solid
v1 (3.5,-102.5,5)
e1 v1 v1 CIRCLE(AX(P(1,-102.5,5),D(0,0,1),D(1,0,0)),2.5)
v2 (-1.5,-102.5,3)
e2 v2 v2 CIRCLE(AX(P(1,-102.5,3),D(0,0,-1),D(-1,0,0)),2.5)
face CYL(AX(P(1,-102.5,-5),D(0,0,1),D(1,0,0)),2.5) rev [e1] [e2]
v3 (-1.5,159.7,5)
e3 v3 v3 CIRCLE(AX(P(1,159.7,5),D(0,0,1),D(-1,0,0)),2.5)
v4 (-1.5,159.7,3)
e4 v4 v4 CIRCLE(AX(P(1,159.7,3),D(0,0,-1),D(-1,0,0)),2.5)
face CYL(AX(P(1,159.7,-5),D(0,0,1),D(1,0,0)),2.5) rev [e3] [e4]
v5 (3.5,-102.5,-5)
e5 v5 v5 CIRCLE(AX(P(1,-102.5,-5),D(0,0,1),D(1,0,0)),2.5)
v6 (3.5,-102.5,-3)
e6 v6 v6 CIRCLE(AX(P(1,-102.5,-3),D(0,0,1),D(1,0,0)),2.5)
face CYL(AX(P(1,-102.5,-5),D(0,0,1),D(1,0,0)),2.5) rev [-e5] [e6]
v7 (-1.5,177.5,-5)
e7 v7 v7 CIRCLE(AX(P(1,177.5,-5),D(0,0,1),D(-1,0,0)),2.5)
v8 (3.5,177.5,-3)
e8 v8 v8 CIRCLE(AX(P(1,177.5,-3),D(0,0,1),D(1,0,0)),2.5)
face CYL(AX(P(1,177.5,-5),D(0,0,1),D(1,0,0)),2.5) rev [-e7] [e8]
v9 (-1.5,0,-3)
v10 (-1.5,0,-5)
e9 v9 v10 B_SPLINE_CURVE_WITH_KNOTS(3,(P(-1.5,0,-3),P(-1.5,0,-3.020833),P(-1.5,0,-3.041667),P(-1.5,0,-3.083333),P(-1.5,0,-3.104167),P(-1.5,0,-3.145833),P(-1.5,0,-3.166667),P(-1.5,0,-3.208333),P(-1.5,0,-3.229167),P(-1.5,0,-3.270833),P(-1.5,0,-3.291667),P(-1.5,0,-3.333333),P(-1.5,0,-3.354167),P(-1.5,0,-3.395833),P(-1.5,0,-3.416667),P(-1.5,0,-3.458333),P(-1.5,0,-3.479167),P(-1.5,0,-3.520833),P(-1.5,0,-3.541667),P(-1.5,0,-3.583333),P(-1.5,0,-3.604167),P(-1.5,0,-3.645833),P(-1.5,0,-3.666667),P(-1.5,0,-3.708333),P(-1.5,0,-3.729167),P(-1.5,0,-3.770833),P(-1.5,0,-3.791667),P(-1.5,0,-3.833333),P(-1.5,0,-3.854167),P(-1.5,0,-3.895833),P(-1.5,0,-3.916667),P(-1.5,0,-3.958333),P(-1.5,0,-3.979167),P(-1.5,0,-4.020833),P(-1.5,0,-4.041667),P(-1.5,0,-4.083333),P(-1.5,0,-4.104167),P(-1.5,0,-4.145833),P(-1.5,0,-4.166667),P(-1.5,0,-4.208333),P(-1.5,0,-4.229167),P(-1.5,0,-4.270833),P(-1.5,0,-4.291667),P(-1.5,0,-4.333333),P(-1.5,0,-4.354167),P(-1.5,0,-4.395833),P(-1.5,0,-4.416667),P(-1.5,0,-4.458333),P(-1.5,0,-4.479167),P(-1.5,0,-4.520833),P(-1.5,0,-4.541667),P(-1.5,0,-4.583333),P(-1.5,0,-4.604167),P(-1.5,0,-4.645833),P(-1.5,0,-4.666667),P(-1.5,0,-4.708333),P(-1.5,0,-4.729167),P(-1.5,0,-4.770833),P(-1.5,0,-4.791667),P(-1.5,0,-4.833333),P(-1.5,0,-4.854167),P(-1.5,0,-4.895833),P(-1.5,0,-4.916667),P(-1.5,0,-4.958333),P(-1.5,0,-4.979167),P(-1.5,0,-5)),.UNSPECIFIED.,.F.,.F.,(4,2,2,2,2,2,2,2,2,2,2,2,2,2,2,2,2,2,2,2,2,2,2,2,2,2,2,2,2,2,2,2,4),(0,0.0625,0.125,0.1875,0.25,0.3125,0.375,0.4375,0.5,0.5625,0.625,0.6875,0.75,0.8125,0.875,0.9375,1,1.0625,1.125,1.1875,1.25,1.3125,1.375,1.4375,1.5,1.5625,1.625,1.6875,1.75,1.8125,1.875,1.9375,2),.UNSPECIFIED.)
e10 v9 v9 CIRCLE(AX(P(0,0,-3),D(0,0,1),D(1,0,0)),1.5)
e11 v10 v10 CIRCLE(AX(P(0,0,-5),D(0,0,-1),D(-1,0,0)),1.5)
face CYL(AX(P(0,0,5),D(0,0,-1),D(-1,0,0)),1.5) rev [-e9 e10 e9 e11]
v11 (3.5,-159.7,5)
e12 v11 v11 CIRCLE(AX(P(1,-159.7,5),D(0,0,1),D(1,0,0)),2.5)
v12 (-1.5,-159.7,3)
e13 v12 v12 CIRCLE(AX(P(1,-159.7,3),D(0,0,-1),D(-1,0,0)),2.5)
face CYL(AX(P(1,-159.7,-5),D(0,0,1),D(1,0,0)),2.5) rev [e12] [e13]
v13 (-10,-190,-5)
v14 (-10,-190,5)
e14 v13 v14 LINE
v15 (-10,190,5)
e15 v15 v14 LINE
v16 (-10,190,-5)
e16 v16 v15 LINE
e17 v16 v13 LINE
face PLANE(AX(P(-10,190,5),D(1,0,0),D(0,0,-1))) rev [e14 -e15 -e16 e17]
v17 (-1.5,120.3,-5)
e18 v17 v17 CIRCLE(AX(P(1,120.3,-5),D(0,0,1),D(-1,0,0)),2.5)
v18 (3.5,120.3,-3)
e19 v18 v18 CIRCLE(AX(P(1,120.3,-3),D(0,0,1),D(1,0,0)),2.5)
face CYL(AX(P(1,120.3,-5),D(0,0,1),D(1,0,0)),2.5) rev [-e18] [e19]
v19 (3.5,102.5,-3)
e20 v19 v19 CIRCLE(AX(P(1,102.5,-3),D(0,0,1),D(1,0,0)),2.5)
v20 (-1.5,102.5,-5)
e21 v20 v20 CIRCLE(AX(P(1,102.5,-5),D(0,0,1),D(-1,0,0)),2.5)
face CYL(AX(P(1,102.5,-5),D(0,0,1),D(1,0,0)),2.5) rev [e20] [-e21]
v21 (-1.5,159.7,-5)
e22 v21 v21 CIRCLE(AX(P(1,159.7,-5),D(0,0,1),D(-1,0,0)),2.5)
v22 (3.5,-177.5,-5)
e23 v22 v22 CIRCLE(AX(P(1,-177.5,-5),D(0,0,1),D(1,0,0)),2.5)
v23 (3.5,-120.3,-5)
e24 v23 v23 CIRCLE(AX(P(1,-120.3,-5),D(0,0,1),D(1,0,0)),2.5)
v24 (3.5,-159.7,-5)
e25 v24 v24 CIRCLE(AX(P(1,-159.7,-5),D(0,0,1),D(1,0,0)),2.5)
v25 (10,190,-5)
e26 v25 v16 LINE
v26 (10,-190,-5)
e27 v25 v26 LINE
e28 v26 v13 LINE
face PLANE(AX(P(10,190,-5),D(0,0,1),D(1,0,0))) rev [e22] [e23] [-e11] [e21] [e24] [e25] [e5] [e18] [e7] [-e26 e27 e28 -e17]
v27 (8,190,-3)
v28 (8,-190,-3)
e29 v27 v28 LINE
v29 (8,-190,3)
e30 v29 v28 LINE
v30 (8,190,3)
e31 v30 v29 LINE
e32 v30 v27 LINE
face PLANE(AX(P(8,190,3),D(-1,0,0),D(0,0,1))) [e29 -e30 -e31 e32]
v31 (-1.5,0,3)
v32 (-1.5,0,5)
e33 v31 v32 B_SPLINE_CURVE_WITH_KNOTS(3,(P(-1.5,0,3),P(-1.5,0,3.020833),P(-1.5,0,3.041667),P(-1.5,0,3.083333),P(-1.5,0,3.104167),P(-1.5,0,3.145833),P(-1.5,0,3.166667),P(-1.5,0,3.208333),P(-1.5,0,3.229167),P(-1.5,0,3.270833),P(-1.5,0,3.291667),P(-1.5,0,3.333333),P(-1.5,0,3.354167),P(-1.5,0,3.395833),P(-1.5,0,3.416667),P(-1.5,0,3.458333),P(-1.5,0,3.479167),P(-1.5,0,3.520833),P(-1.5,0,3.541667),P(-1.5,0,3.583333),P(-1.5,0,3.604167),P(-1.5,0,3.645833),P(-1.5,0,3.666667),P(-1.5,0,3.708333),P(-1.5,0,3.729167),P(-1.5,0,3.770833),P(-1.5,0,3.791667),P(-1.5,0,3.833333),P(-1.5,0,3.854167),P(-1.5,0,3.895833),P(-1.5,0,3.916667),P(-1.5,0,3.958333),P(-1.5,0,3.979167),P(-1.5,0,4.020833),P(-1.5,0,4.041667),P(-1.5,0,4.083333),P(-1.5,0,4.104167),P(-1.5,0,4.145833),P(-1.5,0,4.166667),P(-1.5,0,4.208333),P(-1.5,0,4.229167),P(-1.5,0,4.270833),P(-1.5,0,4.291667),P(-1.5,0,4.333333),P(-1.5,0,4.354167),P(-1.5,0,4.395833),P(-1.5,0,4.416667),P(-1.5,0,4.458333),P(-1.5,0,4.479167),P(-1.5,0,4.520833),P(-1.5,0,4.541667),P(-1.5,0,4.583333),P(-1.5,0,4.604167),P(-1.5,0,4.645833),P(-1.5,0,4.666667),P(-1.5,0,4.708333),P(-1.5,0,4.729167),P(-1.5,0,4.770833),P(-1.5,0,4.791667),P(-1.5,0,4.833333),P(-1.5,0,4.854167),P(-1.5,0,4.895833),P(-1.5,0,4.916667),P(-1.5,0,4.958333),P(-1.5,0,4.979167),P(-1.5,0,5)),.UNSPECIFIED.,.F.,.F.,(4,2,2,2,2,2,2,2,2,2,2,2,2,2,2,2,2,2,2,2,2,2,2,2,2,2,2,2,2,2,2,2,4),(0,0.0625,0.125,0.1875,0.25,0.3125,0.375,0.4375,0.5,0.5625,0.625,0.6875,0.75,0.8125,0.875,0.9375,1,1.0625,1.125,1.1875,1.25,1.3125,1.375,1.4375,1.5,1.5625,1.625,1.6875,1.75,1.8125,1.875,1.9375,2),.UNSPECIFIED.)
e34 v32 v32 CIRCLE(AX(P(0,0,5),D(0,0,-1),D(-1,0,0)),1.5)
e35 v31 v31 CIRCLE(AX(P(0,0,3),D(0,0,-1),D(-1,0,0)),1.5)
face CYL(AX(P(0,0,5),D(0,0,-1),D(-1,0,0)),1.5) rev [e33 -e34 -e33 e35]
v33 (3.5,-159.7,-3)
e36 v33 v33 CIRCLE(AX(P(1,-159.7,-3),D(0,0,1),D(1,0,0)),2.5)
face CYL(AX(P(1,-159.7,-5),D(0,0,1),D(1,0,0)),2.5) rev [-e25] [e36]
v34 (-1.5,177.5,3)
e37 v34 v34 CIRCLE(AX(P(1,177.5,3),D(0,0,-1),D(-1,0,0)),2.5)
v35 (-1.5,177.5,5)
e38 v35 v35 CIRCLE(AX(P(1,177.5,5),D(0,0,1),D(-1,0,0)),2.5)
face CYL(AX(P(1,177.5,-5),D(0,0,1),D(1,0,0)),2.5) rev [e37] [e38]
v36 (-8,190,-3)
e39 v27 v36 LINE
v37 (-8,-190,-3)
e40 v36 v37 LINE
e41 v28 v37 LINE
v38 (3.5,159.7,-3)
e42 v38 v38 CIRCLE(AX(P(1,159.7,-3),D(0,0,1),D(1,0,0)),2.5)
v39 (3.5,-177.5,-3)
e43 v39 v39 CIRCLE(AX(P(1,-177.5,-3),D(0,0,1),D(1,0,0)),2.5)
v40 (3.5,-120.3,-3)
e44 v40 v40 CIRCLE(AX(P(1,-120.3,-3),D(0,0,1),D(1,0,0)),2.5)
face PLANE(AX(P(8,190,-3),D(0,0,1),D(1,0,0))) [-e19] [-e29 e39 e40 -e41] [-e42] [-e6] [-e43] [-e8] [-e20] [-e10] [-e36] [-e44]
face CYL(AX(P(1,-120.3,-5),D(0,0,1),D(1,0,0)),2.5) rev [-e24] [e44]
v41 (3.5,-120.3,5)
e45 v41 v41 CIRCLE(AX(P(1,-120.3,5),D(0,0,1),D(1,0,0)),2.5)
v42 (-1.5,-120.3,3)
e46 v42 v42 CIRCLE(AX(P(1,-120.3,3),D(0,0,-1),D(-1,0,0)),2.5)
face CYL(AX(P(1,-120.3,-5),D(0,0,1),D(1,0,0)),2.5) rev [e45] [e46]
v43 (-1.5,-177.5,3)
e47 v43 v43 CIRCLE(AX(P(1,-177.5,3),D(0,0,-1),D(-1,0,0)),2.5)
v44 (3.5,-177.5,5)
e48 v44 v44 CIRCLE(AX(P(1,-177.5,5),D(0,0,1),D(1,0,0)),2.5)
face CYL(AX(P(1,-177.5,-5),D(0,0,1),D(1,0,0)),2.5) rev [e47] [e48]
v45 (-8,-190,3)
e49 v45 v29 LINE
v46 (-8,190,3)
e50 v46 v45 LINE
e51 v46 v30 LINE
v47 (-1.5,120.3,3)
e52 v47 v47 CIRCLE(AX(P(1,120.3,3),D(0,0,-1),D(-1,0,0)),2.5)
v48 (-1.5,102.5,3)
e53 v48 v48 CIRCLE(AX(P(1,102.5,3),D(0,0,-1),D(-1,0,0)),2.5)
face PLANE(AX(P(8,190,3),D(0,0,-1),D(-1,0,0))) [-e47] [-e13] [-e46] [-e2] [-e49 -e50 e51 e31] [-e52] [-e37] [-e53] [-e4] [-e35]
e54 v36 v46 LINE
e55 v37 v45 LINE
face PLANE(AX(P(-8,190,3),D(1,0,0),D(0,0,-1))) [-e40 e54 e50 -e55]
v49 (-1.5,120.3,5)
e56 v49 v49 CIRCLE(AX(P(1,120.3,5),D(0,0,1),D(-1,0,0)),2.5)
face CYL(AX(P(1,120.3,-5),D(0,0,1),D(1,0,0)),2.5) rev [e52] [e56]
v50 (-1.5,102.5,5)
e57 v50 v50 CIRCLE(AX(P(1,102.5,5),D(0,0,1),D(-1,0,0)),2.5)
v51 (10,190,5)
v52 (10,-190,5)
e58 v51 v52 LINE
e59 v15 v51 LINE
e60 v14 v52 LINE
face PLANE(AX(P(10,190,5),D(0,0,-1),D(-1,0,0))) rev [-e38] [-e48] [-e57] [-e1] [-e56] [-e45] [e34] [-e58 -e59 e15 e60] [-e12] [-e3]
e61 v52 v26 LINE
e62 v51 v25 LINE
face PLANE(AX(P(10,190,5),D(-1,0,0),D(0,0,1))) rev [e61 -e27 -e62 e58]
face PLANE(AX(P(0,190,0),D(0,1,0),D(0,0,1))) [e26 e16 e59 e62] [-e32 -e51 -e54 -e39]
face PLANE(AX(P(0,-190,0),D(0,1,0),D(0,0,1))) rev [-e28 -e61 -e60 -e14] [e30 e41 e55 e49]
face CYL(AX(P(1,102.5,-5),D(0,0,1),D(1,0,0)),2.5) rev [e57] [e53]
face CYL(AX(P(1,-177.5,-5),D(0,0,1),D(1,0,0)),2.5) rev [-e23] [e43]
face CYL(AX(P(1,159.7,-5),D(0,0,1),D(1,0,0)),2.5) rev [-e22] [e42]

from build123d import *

# Parameters (mm, degrees)
SKETCH_1_W          = 20
SKETCH_1_H          = 10
SKETCH_1_W_2        = 16
SKETCH_1_H_2        = 6
EXTRUDE_1_DEPTH     = 190
SKETCH_2_R          = 2.5
CUT_EXTRUDE_1_DEPTH = 191.525588833
SKETCH_3_R          = 1.5
CUT_EXTRUDE_2_DEPTH = 191.525588833


with BuildPart() as part:
    # 草图1 → 凸台-拉伸1 (new, symmetric)
    with BuildSketch(Plane(origin=(0, 0, 0), x_dir=(1, 0, 0), z_dir=(0, 1, 0))):
        Rectangle(SKETCH_1_W, SKETCH_1_H)
        Rectangle(SKETCH_1_W_2, SKETCH_1_H_2, mode=Mode.SUBTRACT)
    extrude(amount=EXTRUDE_1_DEPTH, both=True)

    # 草图2 → 切除-拉伸1 (cut, through all)
    with BuildSketch(Plane.XY.offset(5)):
        with Locations((1, -177.5)):
            Circle(SKETCH_2_R)
        with Locations((1, -159.7)):
            Circle(SKETCH_2_R)
        with Locations((1, -120.3)):
            Circle(SKETCH_2_R)
        with Locations((1, -102.5)):
            Circle(SKETCH_2_R)
        with Locations(Location((1, 102.5, 0), (0, 0, 180))):
            Circle(SKETCH_2_R)
        with Locations(Location((1, 120.3, 0), (0, 0, 180))):
            Circle(SKETCH_2_R)
        with Locations(Location((1, 159.7, 0), (0, 0, 180))):
            Circle(SKETCH_2_R)
        with Locations(Location((1, 177.5, 0), (0, 0, 180))):
            Circle(SKETCH_2_R)
    extrude(amount=-CUT_EXTRUDE_1_DEPTH, mode=Mode.SUBTRACT)

    # 草图3 → 切除-拉伸2 (cut, through all)
    with BuildSketch(Plane(origin=(0, 0, -5), x_dir=(-1, 0, 0), z_dir=(0, 0, -1))):
        Circle(SKETCH_3_R)
    extrude(amount=-CUT_EXTRUDE_2_DEPTH, mode=Mode.SUBTRACT)


solid = part.part
